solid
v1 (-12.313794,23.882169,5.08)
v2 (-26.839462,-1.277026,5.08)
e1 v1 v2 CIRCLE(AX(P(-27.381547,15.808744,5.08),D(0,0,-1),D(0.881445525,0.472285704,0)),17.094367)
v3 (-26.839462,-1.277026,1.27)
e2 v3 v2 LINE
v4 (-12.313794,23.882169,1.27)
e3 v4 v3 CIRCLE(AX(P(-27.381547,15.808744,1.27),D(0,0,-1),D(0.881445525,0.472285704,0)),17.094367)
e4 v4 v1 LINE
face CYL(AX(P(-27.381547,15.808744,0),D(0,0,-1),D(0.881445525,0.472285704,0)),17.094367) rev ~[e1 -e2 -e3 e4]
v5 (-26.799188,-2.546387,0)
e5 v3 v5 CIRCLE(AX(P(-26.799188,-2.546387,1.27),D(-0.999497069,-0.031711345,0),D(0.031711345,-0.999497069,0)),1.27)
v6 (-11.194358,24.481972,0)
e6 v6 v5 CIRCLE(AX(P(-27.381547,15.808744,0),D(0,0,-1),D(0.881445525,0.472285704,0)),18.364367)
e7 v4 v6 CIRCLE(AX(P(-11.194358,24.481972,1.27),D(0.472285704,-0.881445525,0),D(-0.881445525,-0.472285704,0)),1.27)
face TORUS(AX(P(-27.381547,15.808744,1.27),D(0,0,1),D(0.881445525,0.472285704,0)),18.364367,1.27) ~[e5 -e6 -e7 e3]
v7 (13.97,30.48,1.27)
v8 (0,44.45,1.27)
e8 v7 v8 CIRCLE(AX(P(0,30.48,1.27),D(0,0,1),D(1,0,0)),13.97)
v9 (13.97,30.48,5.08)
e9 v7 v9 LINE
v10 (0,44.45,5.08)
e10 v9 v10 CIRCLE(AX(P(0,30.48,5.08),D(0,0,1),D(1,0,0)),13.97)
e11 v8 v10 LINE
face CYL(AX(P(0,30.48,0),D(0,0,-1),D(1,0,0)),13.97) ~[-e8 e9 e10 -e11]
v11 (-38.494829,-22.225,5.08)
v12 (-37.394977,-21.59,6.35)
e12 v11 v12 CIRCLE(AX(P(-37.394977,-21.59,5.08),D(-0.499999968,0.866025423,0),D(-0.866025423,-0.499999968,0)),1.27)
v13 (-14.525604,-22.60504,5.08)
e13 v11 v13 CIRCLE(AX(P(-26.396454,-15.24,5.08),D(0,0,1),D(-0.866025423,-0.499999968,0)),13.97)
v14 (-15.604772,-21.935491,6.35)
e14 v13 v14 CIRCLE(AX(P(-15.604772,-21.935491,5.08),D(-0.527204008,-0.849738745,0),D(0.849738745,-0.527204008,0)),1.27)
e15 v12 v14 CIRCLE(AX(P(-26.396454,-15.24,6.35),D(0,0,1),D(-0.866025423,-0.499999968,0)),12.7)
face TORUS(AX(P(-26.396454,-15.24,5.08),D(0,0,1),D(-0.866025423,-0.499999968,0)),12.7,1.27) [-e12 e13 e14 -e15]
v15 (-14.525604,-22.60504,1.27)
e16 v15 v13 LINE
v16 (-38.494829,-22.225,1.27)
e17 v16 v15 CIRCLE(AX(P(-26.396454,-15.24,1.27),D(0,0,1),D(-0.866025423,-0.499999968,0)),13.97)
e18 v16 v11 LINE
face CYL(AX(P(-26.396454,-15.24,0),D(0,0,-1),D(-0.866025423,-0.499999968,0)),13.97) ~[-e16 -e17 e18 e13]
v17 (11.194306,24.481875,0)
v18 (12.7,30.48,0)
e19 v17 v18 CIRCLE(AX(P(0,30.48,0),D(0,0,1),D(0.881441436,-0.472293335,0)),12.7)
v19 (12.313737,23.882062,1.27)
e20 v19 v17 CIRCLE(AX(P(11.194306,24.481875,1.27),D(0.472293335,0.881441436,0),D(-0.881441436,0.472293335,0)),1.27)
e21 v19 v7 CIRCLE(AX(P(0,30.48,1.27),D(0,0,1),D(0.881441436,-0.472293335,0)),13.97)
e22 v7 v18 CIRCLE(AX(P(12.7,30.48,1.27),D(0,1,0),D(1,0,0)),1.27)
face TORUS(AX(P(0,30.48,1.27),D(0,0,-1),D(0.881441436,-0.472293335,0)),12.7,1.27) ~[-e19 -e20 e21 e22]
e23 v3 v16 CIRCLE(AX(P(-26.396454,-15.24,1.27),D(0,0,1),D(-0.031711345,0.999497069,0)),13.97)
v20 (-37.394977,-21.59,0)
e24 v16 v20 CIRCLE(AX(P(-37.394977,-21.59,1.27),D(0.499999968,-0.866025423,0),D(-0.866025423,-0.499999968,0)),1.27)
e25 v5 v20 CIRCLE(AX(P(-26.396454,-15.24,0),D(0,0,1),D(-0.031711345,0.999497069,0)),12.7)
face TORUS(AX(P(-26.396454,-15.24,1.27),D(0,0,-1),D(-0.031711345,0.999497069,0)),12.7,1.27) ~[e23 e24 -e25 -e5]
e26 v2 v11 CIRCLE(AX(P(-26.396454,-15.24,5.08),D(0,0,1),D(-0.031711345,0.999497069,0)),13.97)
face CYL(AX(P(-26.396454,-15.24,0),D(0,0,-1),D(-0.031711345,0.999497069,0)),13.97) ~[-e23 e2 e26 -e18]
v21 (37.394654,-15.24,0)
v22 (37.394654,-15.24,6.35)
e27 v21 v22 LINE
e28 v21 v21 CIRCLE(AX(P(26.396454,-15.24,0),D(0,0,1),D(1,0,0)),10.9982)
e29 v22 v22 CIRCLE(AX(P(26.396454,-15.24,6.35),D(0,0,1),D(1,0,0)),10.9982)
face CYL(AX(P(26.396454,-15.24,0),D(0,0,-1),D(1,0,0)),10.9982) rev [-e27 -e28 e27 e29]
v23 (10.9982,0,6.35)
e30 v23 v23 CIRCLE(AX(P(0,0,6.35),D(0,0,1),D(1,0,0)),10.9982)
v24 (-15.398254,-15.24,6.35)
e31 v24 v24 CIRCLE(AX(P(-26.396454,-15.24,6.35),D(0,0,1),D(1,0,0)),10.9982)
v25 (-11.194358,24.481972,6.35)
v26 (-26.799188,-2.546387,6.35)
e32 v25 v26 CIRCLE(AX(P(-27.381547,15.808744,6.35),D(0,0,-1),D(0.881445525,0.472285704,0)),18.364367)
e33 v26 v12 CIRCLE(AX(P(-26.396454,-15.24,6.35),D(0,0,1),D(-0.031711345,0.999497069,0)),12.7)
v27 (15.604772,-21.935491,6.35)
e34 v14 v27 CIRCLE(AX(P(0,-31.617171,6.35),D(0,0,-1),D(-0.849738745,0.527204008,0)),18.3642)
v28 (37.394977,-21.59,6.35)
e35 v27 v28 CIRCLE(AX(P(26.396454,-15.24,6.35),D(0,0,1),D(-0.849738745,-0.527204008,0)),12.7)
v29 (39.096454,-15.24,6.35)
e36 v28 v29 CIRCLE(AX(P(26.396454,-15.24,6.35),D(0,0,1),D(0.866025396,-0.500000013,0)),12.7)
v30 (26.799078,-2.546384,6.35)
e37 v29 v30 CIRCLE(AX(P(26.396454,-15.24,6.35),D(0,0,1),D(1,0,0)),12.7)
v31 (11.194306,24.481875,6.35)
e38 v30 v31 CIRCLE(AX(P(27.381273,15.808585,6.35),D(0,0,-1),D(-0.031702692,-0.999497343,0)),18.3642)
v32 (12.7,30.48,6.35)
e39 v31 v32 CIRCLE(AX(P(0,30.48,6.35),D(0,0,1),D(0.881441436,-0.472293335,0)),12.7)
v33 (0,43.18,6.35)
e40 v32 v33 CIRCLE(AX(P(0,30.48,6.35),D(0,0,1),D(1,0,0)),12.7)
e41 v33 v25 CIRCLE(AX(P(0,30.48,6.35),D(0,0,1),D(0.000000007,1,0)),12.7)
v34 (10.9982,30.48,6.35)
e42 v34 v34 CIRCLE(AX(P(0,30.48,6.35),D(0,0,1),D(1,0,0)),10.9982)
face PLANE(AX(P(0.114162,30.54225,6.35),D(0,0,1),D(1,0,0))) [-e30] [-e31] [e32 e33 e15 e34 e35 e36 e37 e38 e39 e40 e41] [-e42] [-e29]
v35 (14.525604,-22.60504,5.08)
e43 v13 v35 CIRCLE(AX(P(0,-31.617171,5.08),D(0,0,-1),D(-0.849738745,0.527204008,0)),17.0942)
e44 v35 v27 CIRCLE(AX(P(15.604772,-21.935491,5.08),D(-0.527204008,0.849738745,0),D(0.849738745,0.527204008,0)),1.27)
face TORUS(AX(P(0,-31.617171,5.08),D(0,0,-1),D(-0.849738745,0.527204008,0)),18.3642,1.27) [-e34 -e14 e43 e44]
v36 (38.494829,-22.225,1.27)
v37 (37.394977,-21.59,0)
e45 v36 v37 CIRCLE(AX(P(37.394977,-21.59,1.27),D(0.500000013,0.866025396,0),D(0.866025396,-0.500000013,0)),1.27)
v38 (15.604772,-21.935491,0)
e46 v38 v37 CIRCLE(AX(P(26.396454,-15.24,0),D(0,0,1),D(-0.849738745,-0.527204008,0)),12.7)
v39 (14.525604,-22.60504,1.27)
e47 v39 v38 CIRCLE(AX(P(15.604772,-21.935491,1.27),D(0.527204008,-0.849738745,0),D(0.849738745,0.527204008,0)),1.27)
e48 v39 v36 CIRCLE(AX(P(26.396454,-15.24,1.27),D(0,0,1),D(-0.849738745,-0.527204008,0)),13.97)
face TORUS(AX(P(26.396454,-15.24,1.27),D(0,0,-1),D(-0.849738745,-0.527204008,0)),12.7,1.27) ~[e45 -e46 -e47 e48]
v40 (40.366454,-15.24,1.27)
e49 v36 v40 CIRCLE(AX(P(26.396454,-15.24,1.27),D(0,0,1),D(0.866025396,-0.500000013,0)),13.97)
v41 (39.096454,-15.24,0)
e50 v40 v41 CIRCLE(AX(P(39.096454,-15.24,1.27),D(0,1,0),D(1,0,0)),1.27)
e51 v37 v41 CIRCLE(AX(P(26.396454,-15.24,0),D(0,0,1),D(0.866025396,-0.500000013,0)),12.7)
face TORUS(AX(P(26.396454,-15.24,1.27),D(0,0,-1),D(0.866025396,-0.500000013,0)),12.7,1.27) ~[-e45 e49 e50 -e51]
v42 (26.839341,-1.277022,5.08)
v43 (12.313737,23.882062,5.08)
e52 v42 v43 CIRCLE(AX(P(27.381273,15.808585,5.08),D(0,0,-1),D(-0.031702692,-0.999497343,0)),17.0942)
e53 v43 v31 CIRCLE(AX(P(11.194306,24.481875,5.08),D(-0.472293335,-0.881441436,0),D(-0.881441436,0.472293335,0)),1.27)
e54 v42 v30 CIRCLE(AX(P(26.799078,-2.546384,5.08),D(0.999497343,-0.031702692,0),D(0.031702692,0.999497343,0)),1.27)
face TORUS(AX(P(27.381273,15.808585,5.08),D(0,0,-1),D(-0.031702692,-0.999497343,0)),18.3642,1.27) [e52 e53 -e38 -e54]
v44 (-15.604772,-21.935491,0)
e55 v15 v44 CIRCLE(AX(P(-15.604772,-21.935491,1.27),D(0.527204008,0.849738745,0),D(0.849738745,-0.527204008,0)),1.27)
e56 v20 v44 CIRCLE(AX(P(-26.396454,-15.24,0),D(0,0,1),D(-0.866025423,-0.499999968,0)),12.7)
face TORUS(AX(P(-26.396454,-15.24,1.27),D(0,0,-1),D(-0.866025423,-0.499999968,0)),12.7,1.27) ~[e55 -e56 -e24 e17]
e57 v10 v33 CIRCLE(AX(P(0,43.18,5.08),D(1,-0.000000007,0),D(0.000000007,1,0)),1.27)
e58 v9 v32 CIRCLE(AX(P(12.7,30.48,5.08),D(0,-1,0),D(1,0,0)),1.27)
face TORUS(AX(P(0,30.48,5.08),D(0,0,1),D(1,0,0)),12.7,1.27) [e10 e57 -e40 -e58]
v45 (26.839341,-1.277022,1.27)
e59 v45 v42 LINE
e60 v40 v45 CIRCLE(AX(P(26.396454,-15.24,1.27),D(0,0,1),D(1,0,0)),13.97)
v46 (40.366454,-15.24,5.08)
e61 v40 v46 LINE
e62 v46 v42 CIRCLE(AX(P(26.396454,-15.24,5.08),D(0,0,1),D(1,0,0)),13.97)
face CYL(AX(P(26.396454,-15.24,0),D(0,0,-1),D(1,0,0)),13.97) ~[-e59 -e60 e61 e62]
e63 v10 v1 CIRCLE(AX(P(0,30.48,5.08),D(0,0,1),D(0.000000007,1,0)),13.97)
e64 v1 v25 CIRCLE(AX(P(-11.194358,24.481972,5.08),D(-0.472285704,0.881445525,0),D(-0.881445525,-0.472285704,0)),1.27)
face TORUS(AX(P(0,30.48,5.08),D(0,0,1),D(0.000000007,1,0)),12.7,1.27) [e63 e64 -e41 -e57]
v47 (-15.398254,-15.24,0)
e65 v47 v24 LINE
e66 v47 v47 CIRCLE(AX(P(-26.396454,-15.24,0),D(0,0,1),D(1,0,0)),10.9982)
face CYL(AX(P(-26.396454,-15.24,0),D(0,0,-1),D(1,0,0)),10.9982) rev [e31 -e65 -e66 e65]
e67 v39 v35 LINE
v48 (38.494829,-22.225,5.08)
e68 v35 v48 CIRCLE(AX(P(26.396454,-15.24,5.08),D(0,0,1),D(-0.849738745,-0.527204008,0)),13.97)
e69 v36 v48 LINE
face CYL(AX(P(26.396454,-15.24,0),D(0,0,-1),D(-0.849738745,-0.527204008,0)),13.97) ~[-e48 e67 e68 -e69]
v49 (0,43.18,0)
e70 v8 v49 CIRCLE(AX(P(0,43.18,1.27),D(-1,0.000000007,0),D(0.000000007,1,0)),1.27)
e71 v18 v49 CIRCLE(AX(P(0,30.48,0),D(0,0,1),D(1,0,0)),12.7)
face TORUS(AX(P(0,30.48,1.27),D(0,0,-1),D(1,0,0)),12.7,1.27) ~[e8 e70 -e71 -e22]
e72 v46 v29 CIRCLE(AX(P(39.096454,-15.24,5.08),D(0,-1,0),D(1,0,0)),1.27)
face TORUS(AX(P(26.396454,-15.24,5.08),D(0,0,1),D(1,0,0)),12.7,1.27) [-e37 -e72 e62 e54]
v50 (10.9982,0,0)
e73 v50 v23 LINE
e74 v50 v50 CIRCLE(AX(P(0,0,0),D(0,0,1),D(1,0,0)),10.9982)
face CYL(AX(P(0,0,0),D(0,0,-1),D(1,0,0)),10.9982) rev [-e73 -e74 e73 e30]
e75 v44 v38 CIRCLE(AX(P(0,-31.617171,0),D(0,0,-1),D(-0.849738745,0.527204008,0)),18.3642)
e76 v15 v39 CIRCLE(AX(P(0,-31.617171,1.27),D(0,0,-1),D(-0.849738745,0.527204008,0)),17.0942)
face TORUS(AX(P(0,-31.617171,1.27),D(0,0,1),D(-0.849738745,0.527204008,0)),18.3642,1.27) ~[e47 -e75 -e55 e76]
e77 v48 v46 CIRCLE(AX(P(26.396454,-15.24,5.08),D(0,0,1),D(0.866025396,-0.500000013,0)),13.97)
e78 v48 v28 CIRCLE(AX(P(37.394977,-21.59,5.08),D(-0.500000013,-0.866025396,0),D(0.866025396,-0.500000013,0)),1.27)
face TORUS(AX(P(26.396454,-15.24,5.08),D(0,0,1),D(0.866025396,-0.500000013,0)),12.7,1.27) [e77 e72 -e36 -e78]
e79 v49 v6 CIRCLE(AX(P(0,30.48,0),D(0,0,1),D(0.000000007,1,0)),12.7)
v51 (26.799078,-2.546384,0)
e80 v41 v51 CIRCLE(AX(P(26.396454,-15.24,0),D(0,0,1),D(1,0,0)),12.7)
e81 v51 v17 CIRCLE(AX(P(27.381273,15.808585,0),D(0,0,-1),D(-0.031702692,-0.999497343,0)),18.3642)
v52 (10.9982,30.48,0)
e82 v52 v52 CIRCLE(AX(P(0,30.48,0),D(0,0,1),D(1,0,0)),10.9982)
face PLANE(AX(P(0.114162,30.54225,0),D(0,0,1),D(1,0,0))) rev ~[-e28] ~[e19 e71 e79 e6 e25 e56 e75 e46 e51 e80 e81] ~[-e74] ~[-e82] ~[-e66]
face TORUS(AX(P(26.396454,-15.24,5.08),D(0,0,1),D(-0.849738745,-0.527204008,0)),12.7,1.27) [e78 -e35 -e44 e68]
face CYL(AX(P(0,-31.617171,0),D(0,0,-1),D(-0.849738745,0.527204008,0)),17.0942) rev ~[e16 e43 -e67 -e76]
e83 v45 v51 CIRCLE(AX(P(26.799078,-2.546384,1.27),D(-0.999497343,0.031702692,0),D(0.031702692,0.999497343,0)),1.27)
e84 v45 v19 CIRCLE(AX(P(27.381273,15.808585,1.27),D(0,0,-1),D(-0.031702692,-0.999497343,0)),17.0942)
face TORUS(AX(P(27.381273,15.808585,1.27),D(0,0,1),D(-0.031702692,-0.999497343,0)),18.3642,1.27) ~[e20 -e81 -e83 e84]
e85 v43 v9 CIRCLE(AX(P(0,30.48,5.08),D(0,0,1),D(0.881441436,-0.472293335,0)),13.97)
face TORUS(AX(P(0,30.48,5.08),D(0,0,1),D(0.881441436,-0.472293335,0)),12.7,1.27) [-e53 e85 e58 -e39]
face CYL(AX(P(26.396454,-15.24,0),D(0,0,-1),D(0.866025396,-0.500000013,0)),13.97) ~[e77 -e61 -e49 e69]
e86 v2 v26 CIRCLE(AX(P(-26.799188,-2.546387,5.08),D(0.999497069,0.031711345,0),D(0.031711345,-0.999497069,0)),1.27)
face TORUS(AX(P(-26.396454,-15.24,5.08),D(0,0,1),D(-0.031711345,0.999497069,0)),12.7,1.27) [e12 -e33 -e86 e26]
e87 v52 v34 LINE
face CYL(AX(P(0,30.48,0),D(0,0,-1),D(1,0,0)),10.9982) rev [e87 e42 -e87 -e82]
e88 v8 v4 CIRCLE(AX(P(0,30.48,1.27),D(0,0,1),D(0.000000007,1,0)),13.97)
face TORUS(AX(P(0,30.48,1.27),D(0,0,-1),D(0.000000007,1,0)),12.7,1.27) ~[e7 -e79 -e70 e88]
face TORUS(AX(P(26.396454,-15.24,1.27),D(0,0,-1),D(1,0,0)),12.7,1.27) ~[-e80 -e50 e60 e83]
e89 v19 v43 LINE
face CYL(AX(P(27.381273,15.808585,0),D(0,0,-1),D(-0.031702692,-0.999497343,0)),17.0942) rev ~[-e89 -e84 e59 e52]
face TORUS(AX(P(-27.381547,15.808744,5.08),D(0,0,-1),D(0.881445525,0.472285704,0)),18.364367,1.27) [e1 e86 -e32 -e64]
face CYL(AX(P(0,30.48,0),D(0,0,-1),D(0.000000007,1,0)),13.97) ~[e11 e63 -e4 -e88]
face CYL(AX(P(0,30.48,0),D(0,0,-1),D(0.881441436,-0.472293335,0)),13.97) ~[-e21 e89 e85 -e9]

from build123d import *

# Parameters (mm, degrees)
F0_R     = 10.9982
F0_R_2   = 13.97
F1_DEPTH = 6.35
F2_R     = 1.27


with BuildPart() as f1:
    # F0 (on Top) → F1 (new body)
    with BuildSketch(Plane.XY):
        with BuildLine():
            ThreePointArc((13.97, 30.48), (9.8782817686, 40.3582816978), (1.001e-07, 44.45))
            ThreePointArc((1.001e-07, 44.45), (-11.9860878077, 37.6559737364), (-12.3137939843, 23.8821687114))
            ThreePointArc((-12.3137939843, 23.8821687114), (-6.04723e-05, 16.5100000001), (12.3137368634, 23.8820621056))
            ThreePointArc((12.3137368634, 23.8820621056), (13.5496089239, 27.0786770208), (13.97, 30.48))
        make_face()
        with Locations((0, 30.48)):
            Circle(F0_R, mode=Mode.SUBTRACT)
        with BuildLine():
            ThreePointArc((14.5256040465, -22.605039992), (26.617925333, -29.208244363), (38.4948290898, -22.2250001877))
            ThreePointArc((38.4948290898, -22.2250001877), (39.8904380726, -18.8557021648), (40.3664543073, -15.24))
            ThreePointArc((40.3664543073, -15.24), (36.4300983572, -5.5195634316), (26.8393409099, -1.2770221136))
            ThreePointArc((26.8393409099, -1.2770221136), (14.2980794165, -8.255), (14.5256040465, -22.605039992))
        make_face()
        with Locations((26.3964543073, -15.24)):
            Circle(F0_R, mode=Mode.SUBTRACT)
        with BuildLine():
            ThreePointArc((-26.8394617936, -1.2770259483), (-38.6040736121, -8.4477300621), (-38.4948294602, -22.2249995463))
            ThreePointArc((-38.4948294602, -22.2249995463), (-26.6179257033, -29.2082443571), (-14.5256040465, -22.605039992))
            ThreePointArc((-14.5256040465, -22.605039992), (-12.9614872783, -19.0691723555), (-12.4264543073, -15.24))
            ThreePointArc((-12.4264543073, -15.24), (-16.6760611719, -5.2063138732), (-26.8394617936, -1.2770259483))
        make_face()
        with Locations((-26.3964543073, -15.24)):
            Circle(F0_R, mode=Mode.SUBTRACT)
        with BuildLine():
            ThreePointArc((12.3137368634, 23.8820621056), (-6.04723e-05, 16.5100000001), (-12.3137939843, 23.8821687114))
            ThreePointArc((-12.3137939843, 23.8821687114), (-12.5773911933, 7.2615601912), (-26.8394617936, -1.2770259483))
            ThreePointArc((-26.8394617936, -1.2770259483), (-16.6760611719, -5.2063138732), (-12.4264543073, -15.24))
            ThreePointArc((-12.4264543073, -15.24), (-12.9614872783, -19.0691723555), (-14.5256040465, -22.605039992))
            ThreePointArc((-14.5256040465, -22.605039992), (0, -14.5229707459), (14.5256040465, -22.605039992))
            ThreePointArc((14.5256040465, -22.605039992), (14.2980794165, -8.255), (26.8393409099, -1.2770221136))
            ThreePointArc((26.8393409099, -1.2770221136), (12.5772616044, 7.2614853729), (12.3137368634, 23.8820621056))
        make_face()
        Circle(F0_R_2, mode=Mode.SUBTRACT)
        Circle(F0_R_2)
        Circle(F0_R, mode=Mode.SUBTRACT)
    extrude(amount=F1_DEPTH)

    # F2
    f2_edges = [f1.edges().sort_by_distance(p)[0] for p in [
        (38.494829, -22.225, 6.35),
        (38.494829, -22.225, 0),
    ]]
    fillet(f2_edges, radius=F2_R)


solid = f1.part
